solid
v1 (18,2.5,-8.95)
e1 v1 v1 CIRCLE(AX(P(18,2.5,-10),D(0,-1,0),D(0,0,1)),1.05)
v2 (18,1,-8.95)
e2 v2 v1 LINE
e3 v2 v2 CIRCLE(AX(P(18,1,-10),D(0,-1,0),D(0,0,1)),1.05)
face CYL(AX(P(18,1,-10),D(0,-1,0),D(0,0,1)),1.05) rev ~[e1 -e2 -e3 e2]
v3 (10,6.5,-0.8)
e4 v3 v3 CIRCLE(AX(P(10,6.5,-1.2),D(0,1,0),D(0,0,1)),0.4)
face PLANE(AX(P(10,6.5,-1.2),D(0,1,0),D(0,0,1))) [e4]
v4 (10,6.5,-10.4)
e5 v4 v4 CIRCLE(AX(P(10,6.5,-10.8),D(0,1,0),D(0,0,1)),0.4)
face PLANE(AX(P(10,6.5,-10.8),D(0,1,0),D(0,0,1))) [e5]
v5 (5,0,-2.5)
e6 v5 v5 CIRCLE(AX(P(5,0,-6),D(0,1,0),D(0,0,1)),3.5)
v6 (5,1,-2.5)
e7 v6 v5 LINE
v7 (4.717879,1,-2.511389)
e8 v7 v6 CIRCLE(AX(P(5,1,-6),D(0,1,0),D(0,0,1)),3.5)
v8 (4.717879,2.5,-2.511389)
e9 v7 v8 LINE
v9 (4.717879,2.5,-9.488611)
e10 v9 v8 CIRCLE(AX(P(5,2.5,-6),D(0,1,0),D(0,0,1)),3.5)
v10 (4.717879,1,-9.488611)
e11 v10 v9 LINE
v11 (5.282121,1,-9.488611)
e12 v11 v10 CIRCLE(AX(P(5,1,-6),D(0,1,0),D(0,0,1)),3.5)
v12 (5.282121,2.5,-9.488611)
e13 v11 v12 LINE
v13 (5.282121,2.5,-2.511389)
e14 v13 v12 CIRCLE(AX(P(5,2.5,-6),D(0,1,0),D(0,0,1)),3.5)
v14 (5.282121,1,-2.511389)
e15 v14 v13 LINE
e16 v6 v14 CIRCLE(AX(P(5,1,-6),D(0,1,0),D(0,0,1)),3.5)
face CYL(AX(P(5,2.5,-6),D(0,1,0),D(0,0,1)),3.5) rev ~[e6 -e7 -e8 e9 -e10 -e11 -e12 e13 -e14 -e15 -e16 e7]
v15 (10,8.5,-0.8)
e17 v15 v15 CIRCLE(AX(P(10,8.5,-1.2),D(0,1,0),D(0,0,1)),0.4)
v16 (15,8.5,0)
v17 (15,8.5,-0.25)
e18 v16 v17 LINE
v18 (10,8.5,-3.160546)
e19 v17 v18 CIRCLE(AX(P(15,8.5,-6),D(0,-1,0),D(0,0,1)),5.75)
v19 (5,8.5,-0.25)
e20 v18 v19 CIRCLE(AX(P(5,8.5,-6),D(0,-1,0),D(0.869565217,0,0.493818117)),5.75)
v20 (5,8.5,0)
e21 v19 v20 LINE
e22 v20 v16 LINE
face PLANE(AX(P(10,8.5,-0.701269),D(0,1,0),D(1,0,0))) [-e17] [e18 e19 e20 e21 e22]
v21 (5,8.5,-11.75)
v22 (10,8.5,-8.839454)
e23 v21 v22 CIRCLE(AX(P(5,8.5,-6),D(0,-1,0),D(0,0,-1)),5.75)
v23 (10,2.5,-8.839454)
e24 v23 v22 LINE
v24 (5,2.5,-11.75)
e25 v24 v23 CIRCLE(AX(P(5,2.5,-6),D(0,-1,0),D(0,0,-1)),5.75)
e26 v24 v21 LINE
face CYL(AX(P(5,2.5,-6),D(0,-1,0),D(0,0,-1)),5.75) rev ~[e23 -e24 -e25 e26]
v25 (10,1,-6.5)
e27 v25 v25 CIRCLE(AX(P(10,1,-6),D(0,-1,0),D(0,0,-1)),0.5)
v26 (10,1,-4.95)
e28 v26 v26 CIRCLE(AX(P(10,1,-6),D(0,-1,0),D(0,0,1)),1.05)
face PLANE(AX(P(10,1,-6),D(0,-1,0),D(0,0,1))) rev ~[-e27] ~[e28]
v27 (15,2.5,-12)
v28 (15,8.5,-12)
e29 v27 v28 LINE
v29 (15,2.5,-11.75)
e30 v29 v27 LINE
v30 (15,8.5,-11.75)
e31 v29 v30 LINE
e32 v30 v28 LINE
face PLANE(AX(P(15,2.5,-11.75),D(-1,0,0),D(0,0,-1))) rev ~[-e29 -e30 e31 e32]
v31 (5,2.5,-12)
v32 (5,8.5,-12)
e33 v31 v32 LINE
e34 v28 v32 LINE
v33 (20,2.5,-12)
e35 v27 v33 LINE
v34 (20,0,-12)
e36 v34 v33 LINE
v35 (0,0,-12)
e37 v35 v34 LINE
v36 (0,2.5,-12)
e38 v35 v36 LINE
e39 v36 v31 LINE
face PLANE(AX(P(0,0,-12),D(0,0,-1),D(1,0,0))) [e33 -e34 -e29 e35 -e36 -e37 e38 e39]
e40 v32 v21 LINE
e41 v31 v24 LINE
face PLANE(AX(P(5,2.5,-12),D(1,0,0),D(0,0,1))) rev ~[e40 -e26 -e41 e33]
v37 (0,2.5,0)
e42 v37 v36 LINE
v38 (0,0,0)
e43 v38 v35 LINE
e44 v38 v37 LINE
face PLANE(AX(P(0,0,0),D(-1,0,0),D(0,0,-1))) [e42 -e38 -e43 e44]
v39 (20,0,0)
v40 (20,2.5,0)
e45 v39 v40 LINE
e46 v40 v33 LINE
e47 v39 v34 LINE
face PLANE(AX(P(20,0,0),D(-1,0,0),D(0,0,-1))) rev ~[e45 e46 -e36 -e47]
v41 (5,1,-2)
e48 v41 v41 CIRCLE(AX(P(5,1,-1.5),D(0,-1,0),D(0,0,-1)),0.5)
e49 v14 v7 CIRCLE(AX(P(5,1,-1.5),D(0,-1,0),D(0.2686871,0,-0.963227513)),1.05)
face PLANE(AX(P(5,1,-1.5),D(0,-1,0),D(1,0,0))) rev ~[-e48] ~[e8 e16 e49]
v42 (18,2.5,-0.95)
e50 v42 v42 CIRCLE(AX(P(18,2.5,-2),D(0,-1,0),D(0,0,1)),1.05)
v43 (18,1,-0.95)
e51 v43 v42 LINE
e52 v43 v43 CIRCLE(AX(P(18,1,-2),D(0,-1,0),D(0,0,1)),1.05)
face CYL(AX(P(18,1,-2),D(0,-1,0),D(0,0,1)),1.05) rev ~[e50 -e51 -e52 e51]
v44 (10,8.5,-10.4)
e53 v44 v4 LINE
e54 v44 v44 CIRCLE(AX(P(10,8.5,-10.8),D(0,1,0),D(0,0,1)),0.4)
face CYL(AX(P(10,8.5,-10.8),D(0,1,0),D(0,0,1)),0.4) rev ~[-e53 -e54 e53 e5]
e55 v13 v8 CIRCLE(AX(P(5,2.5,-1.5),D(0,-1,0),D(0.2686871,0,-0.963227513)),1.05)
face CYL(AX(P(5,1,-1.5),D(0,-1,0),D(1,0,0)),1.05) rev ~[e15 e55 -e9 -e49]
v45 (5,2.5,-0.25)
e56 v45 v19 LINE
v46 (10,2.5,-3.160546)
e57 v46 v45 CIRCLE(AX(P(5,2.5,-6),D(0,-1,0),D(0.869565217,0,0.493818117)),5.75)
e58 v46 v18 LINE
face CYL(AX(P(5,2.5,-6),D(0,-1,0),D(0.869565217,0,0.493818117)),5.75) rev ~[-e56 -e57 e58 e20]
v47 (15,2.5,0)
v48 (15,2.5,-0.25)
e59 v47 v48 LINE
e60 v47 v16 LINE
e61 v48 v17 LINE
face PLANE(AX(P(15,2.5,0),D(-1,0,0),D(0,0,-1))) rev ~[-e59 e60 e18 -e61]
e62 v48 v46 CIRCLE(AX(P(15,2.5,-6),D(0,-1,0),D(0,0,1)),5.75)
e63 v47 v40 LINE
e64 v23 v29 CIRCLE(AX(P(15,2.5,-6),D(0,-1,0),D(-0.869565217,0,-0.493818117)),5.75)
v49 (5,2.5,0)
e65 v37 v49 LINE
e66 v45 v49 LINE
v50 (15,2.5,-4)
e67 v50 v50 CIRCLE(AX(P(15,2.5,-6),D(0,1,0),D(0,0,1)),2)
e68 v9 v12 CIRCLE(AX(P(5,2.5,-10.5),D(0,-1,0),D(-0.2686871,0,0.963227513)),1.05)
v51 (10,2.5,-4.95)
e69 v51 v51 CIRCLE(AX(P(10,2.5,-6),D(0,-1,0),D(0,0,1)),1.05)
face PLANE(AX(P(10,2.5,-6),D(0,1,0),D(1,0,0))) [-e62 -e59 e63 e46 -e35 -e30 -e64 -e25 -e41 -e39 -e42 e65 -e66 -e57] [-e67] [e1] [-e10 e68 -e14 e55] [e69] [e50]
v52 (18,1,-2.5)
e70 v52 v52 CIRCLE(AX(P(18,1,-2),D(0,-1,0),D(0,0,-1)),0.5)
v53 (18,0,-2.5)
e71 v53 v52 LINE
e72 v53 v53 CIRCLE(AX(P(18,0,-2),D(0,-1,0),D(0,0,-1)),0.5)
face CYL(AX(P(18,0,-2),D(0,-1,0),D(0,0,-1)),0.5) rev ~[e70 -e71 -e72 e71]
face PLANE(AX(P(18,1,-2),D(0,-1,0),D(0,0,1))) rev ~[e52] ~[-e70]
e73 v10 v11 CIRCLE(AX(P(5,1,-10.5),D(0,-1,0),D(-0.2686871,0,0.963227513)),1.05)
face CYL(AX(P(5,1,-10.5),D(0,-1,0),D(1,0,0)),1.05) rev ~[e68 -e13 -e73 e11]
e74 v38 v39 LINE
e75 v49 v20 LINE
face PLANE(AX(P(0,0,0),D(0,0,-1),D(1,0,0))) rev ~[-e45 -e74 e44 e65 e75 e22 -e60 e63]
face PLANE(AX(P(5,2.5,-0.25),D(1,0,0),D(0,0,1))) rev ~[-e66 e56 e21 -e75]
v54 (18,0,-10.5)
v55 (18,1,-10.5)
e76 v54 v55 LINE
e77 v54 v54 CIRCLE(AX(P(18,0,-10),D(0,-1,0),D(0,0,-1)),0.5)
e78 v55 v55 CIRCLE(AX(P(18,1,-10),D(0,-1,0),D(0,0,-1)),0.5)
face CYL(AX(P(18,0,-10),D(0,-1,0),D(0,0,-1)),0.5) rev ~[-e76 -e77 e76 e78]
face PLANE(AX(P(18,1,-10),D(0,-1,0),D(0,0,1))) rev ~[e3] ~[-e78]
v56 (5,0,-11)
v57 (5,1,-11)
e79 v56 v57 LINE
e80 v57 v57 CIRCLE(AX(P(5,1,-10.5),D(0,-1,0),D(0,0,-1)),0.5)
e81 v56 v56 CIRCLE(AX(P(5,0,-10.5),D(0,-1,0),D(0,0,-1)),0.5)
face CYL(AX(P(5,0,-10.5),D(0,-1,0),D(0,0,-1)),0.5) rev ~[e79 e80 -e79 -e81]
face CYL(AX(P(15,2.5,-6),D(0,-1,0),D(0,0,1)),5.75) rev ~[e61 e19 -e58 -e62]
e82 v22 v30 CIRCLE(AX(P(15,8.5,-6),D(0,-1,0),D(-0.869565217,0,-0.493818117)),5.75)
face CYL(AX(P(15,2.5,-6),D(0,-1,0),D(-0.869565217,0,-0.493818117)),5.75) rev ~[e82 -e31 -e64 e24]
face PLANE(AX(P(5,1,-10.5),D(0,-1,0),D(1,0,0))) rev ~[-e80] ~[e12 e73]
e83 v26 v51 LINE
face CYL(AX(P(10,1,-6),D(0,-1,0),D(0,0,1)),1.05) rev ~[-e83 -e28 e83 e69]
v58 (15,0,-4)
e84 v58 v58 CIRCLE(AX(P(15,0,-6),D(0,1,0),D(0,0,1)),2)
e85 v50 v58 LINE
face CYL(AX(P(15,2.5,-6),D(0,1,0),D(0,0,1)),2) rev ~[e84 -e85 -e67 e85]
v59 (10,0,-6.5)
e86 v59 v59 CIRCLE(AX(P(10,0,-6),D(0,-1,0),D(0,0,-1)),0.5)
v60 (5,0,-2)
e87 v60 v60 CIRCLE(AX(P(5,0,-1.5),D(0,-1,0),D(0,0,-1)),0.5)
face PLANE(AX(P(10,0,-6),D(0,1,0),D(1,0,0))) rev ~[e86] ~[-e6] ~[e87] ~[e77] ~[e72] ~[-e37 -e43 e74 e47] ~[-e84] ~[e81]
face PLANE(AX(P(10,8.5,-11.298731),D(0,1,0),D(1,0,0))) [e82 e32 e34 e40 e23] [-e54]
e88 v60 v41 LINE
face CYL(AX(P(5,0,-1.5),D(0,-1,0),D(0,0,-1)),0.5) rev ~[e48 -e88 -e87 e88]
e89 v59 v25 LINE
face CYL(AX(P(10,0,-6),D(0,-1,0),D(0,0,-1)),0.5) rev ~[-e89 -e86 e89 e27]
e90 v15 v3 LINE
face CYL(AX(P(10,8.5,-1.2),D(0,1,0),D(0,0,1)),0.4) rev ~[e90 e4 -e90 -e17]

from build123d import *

# Parameters (mm, degrees)
SKETCH_1_W          = 20
SKETCH_1_H          = 12
EXTRUDE_1_DEPTH     = 2.5
SKETCH_2_R          = 2
SKETCH_2_R_2        = 3.5
CUT_EXTRUDE_1_DEPTH = 24.457408211
SKETCH_3_R          = 0.5
CUT_EXTRUDE_3_DEPTH = 24.457408211
CUT_EXTRUDE_START   = -1
SKETCH_3_4_R        = 1.05
SKETCH_3_4_R_2      = 0.5
CUT_EXTRUDE_6_DEPTH = 1.5
EXTRUDE_2_DEPTH     = 6
SKETCH_5_R          = 0.4
CUT_EXTRUDE_7_DEPTH = 2


with BuildPart() as part:
    # 草图1 → 凸台-拉伸1 (new body)
    with BuildSketch(Plane(origin=(0, 0, 0), x_dir=(1, 0, 0), z_dir=(0, 1, 0))):
        with Locations((10, 6)):
            Rectangle(SKETCH_1_W, SKETCH_1_H)
    extrude(amount=EXTRUDE_1_DEPTH)

    # 草图2 → 切除-拉伸1 (cut, through all)
    with BuildSketch(Plane(origin=(0, 2.5, 0), x_dir=(1, 0, 0), z_dir=(0, 1, 0))):
        with Locations(Location((15, 6, 0), (0, 0, 270))):
            Circle(SKETCH_2_R)
        with Locations(Location((5, 6, 0), (0, 0, 270))):
            Circle(SKETCH_2_R_2)
    extrude(amount=-CUT_EXTRUDE_1_DEPTH, mode=Mode.SUBTRACT)

    # 草图3 → 切除-拉伸3 (cut, through all)
    with BuildSketch(Plane.XZ):
        with Locations(Location((18, -2, 0), (0, 0, 270))):
            Circle(SKETCH_3_R)
        with Locations(Location((18, -10, 0), (0, 0, 270))):
            Circle(SKETCH_3_R)
        with Locations(Location((10, -6, 0), (0, 0, 270))):
            Circle(SKETCH_3_R)
        with Locations(Location((5, -1.5, 0), (0, 0, 270))):
            Circle(SKETCH_3_R)
        with Locations(Location((5, -10.5, 0), (0, 0, 270))):
            Circle(SKETCH_3_R)
    extrude(amount=-CUT_EXTRUDE_3_DEPTH, mode=Mode.SUBTRACT)

    # 草图3<4> → 切除-拉伸6 (cut)
    # profile 1 of 5: a face of its own
    with BuildSketch(Plane.XZ.offset(CUT_EXTRUDE_START)):
        with Locations((5, -10.5)):
            Circle(SKETCH_3_4_R)
        with Locations(Location((5, -10.5, 0), (0, 0, 270))):
            Circle(SKETCH_3_4_R_2, mode=Mode.SUBTRACT)
    # profile 2 of 5: a face of its own
    with BuildSketch(Plane.XZ.offset(CUT_EXTRUDE_START)):
        with Locations((5, -1.5)):
            Circle(SKETCH_3_4_R)
        with Locations(Location((5, -1.5, 0), (0, 0, 270))):
            Circle(SKETCH_3_4_R_2, mode=Mode.SUBTRACT)
    # profile 3 of 5: a face of its own
    with BuildSketch(Plane.XZ.offset(CUT_EXTRUDE_START)):
        with Locations(Location((18, -2, 0), (0, 0, 90))):
            Circle(SKETCH_3_4_R)
        with Locations(Location((18, -2, 0), (0, 0, 270))):
            Circle(SKETCH_3_4_R_2, mode=Mode.SUBTRACT)
    # profile 4 of 5: a face of its own
    with BuildSketch(Plane.XZ.offset(CUT_EXTRUDE_START)):
        with Locations(Location((10, -6, 0), (0, 0, 90))):
            Circle(SKETCH_3_4_R)
        with Locations(Location((10, -6, 0), (0, 0, 270))):
            Circle(SKETCH_3_4_R_2, mode=Mode.SUBTRACT)
    # profile 5 of 5: a face of its own
    with BuildSketch(Plane.XZ.offset(CUT_EXTRUDE_START)):
        with Locations(Location((18, -10, 0), (0, 0, 90))):
            Circle(SKETCH_3_4_R)
        with Locations(Location((18, -10, 0), (0, 0, 270))):
            Circle(SKETCH_3_4_R_2, mode=Mode.SUBTRACT)
    extrude(amount=-CUT_EXTRUDE_6_DEPTH, mode=Mode.SUBTRACT)

    # 草图4 → 凸台-拉伸2 (add)
    with BuildSketch(Plane(origin=(0, 2.5, 0), x_dir=(1, 0, 0), z_dir=(0, 1, 0))):
        with BuildLine():
            Line((15, 11.75), (15, 12))
            Line((15, 12), (5, 12))
            Line((5, 12), (5, 11.75))
            ThreePointArc((5, 11.75), (7.892718316, 10.969374281), (10, 8.839454173))
            ThreePointArc((10, 8.839454173), (12.107281684, 10.969374281), (15, 11.75))
        make_face()
        with BuildLine():
            Line((15, 0), (15, 0.25))
            ThreePointArc((15, 0.25), (12.107281684, 1.030625719), (10, 3.160545827))
            ThreePointArc((10, 3.160545827), (7.892718316, 1.030625719), (5, 0.25))
            Line((5, 0.25), (5, 0))
            Line((5, 0), (15, 0))
        make_face()
    extrude(amount=EXTRUDE_2_DEPTH)

    # 草图5 → 切除-拉伸7 (cut)
    with BuildSketch(Plane(origin=(0, 8.5, 0), x_dir=(1, 0, 0), z_dir=(0, 1, 0))):
        with Locations(Location((10, 1.2, 0), (0, 0, 270))):
            Circle(SKETCH_5_R)
        with Locations(Location((10, 10.8, 0), (0, 0, 270))):
            Circle(SKETCH_5_R)
    extrude(amount=-CUT_EXTRUDE_7_DEPTH, mode=Mode.SUBTRACT)


solid = part.part
